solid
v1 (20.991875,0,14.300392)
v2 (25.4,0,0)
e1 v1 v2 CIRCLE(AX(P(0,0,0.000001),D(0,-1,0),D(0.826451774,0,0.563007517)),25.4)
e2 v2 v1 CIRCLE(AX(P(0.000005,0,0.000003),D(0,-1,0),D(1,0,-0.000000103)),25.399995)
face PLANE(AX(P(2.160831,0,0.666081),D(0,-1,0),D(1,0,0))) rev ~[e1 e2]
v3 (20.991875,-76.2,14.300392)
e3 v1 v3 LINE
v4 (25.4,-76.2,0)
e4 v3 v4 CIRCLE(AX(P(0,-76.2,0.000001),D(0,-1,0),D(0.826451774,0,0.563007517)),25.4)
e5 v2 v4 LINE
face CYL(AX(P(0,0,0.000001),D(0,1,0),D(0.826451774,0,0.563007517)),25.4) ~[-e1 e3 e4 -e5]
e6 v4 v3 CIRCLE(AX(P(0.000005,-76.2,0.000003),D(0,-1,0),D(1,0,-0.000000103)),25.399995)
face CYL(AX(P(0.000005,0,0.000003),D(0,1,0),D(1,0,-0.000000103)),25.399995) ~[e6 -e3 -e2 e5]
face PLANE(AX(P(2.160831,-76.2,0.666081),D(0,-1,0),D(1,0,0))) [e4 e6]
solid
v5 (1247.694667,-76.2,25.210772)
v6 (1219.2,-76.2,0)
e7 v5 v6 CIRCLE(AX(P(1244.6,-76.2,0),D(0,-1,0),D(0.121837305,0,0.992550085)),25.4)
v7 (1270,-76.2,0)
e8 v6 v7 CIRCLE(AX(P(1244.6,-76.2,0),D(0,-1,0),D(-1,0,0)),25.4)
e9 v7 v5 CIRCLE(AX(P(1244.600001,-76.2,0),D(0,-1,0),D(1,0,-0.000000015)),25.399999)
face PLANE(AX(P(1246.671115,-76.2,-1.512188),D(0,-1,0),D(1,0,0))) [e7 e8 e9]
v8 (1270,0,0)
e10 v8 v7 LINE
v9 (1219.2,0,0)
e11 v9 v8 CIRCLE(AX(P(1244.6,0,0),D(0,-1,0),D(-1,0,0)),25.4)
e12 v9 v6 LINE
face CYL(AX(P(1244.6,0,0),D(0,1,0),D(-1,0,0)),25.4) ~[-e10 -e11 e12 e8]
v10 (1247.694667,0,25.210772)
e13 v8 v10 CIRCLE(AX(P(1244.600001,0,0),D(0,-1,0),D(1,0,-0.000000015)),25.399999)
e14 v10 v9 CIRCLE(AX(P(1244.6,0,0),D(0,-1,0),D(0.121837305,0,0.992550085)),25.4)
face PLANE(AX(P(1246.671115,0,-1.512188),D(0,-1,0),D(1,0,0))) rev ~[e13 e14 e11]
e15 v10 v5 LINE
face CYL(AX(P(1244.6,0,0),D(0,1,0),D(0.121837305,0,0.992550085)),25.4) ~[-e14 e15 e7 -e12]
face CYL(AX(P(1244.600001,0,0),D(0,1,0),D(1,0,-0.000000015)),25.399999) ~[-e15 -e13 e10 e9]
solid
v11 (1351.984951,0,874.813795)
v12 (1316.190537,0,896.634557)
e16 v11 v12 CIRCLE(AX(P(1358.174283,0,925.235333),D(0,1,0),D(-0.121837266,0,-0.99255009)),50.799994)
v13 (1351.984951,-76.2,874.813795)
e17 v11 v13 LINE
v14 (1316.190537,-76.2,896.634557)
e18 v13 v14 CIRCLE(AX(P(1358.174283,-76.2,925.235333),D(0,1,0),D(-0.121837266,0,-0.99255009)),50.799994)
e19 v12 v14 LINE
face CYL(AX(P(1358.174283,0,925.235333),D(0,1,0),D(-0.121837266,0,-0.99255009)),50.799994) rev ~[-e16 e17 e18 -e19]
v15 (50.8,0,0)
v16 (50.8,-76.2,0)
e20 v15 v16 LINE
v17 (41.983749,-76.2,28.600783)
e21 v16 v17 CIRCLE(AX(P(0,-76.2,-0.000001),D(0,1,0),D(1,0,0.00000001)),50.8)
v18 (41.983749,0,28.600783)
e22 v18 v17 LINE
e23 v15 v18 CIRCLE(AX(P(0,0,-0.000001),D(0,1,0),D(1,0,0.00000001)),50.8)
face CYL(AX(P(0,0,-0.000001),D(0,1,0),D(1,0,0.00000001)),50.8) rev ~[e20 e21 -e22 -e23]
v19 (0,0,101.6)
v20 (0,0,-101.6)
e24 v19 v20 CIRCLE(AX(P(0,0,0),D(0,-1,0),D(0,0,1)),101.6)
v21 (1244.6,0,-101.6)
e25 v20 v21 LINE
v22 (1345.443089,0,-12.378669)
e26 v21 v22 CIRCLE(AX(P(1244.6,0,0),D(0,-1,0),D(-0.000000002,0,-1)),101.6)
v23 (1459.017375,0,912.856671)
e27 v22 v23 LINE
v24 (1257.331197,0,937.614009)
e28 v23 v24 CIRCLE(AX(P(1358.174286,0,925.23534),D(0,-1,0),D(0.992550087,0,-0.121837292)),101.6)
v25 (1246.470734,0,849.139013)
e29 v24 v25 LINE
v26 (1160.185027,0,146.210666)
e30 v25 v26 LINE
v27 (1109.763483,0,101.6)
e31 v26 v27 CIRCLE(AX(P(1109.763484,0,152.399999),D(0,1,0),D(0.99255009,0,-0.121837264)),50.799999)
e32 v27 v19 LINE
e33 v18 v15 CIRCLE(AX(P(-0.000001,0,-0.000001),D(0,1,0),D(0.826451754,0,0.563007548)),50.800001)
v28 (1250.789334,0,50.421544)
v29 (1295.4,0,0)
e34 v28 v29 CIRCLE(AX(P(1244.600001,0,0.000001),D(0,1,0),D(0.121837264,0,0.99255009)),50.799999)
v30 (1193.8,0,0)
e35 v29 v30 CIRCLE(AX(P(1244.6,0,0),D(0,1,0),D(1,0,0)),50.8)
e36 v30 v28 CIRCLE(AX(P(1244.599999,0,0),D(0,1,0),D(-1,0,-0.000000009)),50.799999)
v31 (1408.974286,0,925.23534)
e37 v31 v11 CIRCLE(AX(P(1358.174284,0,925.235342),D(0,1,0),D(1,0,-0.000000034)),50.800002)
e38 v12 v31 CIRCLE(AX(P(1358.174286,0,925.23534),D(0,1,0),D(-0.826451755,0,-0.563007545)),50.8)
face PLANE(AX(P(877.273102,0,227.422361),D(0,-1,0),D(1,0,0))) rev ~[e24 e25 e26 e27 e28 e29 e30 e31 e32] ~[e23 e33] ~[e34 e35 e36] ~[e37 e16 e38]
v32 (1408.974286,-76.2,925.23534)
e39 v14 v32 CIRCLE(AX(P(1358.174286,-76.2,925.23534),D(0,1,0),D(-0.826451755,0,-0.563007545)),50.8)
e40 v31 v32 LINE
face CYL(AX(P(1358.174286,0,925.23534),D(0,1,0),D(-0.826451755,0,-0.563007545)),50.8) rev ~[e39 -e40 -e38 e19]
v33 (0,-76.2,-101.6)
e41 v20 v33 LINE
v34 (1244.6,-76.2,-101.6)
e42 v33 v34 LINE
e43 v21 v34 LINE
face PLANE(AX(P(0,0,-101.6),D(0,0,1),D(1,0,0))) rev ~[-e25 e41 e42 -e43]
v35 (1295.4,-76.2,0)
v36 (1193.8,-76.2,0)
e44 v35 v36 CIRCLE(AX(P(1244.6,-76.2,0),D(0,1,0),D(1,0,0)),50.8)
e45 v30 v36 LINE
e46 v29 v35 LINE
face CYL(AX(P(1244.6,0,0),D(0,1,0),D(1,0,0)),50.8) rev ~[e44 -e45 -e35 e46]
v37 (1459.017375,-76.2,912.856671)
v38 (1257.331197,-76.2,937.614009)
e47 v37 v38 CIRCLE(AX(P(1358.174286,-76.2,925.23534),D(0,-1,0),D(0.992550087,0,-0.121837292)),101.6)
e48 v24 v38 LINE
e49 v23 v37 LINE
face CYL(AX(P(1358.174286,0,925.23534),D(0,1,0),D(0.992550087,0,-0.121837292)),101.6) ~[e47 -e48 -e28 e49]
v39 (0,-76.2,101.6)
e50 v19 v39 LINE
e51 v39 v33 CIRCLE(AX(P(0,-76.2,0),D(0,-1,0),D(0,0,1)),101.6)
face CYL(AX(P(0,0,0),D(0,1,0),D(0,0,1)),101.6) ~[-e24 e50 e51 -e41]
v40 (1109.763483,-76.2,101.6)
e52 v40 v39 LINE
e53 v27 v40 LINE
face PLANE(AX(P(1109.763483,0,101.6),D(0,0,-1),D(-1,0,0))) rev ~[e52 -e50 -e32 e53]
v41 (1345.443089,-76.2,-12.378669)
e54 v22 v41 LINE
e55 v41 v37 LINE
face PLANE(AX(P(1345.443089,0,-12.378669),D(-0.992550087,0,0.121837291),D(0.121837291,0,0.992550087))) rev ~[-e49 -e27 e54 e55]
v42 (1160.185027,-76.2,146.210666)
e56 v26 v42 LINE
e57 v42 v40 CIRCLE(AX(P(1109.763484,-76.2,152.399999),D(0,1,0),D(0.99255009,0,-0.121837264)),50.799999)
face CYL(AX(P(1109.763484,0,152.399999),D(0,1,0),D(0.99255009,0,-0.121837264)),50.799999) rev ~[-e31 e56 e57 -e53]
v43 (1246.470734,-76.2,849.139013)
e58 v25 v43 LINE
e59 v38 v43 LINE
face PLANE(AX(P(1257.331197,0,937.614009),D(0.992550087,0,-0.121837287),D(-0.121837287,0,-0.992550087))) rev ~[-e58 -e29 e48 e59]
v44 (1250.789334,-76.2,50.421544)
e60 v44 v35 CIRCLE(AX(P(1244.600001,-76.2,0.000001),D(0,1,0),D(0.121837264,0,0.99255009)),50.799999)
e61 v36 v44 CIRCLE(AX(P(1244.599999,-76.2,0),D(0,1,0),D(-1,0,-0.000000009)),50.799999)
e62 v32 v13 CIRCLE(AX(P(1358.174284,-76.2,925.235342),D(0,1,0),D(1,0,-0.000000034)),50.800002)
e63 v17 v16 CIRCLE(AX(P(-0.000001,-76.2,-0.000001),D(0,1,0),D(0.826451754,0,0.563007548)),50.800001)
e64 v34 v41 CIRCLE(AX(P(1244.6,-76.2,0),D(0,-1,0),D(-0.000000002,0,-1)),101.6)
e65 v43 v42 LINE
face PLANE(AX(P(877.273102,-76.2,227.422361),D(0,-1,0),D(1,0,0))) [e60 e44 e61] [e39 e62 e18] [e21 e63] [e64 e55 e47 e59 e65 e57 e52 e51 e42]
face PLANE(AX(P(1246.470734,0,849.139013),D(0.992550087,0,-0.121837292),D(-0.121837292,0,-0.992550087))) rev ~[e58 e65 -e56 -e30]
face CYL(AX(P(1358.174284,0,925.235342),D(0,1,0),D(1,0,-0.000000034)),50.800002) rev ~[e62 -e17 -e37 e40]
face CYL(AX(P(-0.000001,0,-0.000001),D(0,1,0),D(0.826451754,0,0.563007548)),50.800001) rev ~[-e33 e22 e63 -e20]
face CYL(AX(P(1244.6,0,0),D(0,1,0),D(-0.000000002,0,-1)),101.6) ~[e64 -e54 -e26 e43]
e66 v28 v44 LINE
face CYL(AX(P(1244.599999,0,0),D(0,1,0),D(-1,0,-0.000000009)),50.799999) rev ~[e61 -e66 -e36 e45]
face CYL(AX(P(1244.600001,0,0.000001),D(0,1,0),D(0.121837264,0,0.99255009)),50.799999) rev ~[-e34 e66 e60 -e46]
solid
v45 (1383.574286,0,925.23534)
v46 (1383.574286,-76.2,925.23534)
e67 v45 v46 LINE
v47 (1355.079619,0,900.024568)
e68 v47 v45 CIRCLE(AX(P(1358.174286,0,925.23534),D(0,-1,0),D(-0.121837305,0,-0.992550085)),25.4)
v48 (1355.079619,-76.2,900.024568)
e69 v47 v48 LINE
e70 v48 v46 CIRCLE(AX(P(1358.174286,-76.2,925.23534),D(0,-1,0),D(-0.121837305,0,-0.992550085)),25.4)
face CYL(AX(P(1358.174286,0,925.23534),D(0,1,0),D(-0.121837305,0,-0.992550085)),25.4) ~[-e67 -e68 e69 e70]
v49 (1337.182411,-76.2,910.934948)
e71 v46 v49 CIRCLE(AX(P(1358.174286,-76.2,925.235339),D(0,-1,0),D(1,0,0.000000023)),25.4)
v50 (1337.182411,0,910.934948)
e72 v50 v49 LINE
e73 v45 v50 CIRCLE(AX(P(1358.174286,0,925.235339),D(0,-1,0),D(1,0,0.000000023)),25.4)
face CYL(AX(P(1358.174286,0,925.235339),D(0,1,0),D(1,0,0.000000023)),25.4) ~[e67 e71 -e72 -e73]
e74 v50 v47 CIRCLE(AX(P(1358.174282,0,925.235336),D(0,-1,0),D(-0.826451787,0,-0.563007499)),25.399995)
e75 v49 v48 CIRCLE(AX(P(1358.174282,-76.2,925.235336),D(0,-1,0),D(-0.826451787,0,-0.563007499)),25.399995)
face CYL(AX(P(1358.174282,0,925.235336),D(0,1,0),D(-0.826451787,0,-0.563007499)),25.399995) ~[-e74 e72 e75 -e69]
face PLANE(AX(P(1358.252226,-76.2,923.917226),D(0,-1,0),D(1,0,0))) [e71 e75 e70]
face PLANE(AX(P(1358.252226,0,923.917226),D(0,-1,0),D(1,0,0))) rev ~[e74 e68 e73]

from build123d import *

# Parameters (mm, degrees)
F1_DEPTH = 76.2


with BuildPart() as f1:
    # F0 (on Front) → F1 (new body)
    with BuildSketch(Plane.XZ):
        with BuildLine():
            Line((1193.8, 0), (50.8, 0))
            ThreePointArc((50.8, 0), (-48.545929, -14.964383), (41.983749, 28.600783))
            Line((41.983749, 28.600783), (149.140982, 101.6))
            Line((149.140982, 101.6), (0, 101.6))
            ThreePointArc((0, 101.6), (-101.6, 0), (0, -101.6))
            Line((0, -101.6), (1244.6, -101.6))
            ThreePointArc((1244.6, -101.6), (1311.923426, -76.092814), (1345.443089, -12.378669))
            Line((1345.443089, -12.378669), (1459.017375, 912.856671))
            ThreePointArc((1459.017375, 912.856671), (1370.552954, 1026.078429), (1257.331197, 937.614009))
            Line((1257.331197, 937.614009), (1246.470734, 849.139013))
            Line((1246.470734, 849.139013), (1316.190537, 896.634557))
            ThreePointArc((1316.190537, 896.634557), (1343.209902, 973.781269), (1408.974286, 925.23534))
            ThreePointArc((1408.974286, 925.23534), (1391.835998, 887.188933), (1351.984951, 874.813795))
            Line((1351.984951, 874.813795), (1250.789334, 50.421544))
            ThreePointArc((1250.789334, 50.421544), (1282.646407, 33.661713), (1295.4, 0))
            ThreePointArc((1295.4, 0), (1244.6, -50.8), (1193.8, 0))
        make_face()
        with BuildLine():
            ThreePointArc((41.983749, 28.600783), (48.545929, 14.964383), (50.8, 0))
            Line((50.8, 0), (1193.8, 0))
            ThreePointArc((1193.8, 0), (1210.938287, 38.046407), (1250.789334, 50.421544))
            Line((1250.789334, 50.421544), (1351.984951, 874.813795))
            ThreePointArc((1351.984951, 874.813795), (1331.731935, 881.859746), (1316.190537, 896.634557))
            Line((1316.190537, 896.634557), (1246.470734, 849.139013))
            Line((1246.470734, 849.139013), (1160.185027, 146.210666))
            ThreePointArc((1160.185027, 146.210666), (1143.425196, 114.353593), (1109.763483, 101.6))
            Line((1109.763483, 101.6), (149.140982, 101.6))
            Line((149.140982, 101.6), (41.983749, 28.600783))
        make_face()
        with BuildLine():
            Line((25.4, 0), (0, 0))
            Line((0, 0), (20.991875, 14.300392))
            ThreePointArc((20.991875, 14.300392), (-24.272965, -7.482192), (25.4, 0))
        make_face()
        with BuildLine():
            Line((1244.6, 0), (1219.2, 0))
            ThreePointArc((1219.2, 0), (1244.6, -25.4), (1270, 0))
            ThreePointArc((1270, 0), (1263.623204, 16.830856), (1247.694667, 25.210772))
            Line((1247.694667, 25.210772), (1244.6, 0))
        make_face()
        with BuildLine():
            Line((1358.174286, 925.23534), (1355.079619, 900.024568))
            ThreePointArc((1355.079619, 900.024568), (1375.005142, 906.212136), (1383.574286, 925.23534))
            ThreePointArc((1383.574286, 925.23534), (1350.692094, 949.508304), (1337.182411, 910.934948))
            Line((1337.182411, 910.934948), (1358.174286, 925.23534))
        make_face()
        with BuildLine():
            ThreePointArc((1337.182411, 910.934948), (1344.95311, 903.547543), (1355.079619, 900.024568))
            Line((1355.079619, 900.024568), (1358.174286, 925.23534))
            Line((1358.174286, 925.23534), (1337.182411, 910.934948))
        make_face()
        with BuildLine():
            ThreePointArc((1247.694667, 25.210772), (1227.769144, 19.023204), (1219.2, 0))
            Line((1219.2, 0), (1244.6, 0))
            Line((1244.6, 0), (1247.694667, 25.210772))
        make_face()
        with BuildLine():
            Line((20.991875, 14.300392), (0, 0))
            Line((0, 0), (25.4, 0))
            ThreePointArc((25.4, 0), (24.272965, 7.482192), (20.991875, 14.300392))
        make_face()
    extrude(amount=F1_DEPTH)


solid = f1.part
